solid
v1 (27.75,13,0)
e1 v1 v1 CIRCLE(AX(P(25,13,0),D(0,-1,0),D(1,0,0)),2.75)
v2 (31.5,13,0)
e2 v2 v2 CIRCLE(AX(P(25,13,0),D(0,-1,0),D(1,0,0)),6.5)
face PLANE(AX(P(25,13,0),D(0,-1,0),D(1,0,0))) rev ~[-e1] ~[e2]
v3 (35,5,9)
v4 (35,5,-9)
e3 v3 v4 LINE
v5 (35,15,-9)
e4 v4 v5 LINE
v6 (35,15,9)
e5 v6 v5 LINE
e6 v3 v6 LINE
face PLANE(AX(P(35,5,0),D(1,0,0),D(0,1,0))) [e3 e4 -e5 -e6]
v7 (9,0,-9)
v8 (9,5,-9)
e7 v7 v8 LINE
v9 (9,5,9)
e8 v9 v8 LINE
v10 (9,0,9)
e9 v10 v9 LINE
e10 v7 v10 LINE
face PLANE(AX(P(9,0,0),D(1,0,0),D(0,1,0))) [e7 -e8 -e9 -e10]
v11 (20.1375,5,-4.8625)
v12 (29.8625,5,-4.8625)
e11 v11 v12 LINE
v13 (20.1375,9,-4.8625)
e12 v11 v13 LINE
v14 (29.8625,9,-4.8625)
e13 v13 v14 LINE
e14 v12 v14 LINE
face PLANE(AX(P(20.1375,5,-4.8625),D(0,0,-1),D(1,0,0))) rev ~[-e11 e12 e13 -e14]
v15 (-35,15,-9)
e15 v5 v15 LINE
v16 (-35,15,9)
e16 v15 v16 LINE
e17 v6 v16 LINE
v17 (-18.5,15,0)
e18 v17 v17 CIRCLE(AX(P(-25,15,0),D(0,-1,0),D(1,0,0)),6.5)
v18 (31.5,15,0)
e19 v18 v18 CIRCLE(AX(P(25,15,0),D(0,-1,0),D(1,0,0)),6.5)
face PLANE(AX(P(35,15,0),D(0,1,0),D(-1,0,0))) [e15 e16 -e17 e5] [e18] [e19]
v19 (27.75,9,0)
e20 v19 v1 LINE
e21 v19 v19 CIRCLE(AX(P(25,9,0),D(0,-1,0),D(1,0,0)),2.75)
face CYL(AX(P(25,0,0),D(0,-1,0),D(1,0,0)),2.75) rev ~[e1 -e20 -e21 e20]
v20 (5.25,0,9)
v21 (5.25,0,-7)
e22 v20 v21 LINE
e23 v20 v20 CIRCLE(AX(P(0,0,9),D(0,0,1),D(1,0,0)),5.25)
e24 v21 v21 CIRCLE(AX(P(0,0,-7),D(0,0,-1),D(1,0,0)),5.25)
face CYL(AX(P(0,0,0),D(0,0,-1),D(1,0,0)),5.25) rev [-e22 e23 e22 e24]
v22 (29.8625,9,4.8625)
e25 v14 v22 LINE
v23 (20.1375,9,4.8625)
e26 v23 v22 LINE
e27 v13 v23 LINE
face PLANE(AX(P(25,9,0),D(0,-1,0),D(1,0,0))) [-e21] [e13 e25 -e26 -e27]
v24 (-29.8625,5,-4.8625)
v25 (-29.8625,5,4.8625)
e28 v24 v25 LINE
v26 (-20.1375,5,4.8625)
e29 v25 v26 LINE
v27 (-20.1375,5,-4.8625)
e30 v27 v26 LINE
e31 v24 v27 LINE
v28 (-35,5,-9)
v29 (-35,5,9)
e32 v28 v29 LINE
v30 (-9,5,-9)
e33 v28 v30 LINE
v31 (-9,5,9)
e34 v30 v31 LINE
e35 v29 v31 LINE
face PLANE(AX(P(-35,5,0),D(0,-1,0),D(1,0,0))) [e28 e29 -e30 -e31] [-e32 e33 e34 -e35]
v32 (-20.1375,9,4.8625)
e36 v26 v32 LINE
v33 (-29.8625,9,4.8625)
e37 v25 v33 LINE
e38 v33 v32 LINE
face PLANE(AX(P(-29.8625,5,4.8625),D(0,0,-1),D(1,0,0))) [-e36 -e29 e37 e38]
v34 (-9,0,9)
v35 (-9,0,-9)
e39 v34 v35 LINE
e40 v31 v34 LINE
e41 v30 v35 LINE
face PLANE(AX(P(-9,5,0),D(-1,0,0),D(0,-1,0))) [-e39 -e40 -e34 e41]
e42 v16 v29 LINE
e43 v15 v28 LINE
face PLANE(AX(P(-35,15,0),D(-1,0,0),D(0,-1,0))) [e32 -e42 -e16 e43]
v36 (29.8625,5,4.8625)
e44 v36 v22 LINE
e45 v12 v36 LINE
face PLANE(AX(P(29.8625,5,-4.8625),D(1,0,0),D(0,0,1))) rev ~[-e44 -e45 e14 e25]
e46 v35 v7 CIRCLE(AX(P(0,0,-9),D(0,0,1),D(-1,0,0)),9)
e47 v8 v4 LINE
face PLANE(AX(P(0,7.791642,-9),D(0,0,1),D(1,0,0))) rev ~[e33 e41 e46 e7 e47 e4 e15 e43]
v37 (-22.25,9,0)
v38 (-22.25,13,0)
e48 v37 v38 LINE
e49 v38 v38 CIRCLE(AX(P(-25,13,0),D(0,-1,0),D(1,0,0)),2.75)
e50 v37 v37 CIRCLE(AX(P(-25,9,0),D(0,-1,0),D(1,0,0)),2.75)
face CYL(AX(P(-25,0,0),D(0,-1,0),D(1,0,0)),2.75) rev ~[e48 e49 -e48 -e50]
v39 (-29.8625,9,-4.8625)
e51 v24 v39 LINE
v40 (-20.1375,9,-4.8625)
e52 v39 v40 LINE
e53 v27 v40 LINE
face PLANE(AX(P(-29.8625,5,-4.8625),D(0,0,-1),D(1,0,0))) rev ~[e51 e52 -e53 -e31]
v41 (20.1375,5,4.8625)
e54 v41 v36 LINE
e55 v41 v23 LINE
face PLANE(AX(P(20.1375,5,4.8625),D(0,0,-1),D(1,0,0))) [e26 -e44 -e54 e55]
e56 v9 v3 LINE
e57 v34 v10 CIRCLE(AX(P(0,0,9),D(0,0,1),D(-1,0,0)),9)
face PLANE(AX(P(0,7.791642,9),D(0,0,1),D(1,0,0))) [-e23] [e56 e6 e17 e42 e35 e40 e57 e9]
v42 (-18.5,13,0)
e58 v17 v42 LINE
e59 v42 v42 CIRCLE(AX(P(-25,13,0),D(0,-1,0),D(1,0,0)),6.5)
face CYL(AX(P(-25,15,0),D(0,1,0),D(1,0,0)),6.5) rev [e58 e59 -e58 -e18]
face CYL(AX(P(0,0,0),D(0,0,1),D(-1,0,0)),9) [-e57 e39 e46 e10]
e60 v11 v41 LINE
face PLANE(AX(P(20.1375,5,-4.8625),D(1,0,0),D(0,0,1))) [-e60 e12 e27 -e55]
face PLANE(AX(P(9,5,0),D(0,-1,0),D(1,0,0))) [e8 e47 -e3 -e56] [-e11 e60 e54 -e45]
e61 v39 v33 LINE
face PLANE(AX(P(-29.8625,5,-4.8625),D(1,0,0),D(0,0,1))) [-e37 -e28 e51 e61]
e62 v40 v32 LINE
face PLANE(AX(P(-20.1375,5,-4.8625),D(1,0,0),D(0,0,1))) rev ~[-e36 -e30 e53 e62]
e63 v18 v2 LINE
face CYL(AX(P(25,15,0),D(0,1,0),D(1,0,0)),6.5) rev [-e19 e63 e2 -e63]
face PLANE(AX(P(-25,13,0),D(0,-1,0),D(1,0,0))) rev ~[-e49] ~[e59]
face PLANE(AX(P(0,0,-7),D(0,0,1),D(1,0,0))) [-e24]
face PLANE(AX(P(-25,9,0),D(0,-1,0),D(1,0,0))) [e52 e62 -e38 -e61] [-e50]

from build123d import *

# Parameters (mm, degrees)
SKETCH064_R     = 5.25
PAD044_DEPTH    = 9
SKETCH065_R     = 2.75
POCKET016_DEPTH = 15.001
SKETCH066_R     = 6.5
POCKET017_DEPTH = 2
SKETCH067_R     = 9
PAD045_DEPTH    = 2
SKETCH068_W     = 9.725
SKETCH068_H     = 9.725
POCKET018_DEPTH = 4


with BuildPart() as part:
    # Sketch064 → Pad044 (new body, symmetric)
    with BuildSketch(Plane.XY):
        with BuildLine():
            Line((35, 15), (-35, 15))
            Line((-35, 15), (-35, 5))
            Line((-35, 5), (-9, 5))
            Line((-9, 5), (-9, 0))
            ThreePointArc((-9, 0), (0, -9), (9, 0))
            Line((9, 0), (9, 5))
            Line((9, 5), (35, 5))
            Line((35, 5), (35, 15))
        make_face()
        Circle(SKETCH064_R, mode=Mode.SUBTRACT)
    extrude(amount=PAD044_DEPTH, both=True)

    # Sketch065 → Pocket016 (cut, through all)
    with BuildSketch(Plane.XZ):
        with Locations((-25, 0)):
            Circle(SKETCH065_R)
        with Locations((25, 0)):
            Circle(SKETCH065_R)
    extrude(amount=-POCKET016_DEPTH, mode=Mode.SUBTRACT)

    # Sketch066 → Pocket017 (cut)
    with BuildSketch(Plane.XZ.offset(-15)):
        with Locations((-25, 0)):
            Circle(SKETCH066_R)
        with Locations((25, 0)):
            Circle(SKETCH066_R)
    extrude(amount=POCKET017_DEPTH, mode=Mode.SUBTRACT)

    # Sketch067 → Pad045 (join)
    with BuildSketch(Plane.XY.offset(-9)):
        Circle(SKETCH067_R)
    extrude(amount=PAD045_DEPTH)

    # Sketch068 → Pocket018 (cut)
    with BuildSketch(Plane.XZ.offset(-5)):
        with Locations((-25, 0)):
            Rectangle(SKETCH068_W, SKETCH068_H)
        with Locations((25, 0)):
            Rectangle(SKETCH068_W, SKETCH068_H)
    extrude(amount=-POCKET018_DEPTH, mode=Mode.SUBTRACT)


solid = part.part
